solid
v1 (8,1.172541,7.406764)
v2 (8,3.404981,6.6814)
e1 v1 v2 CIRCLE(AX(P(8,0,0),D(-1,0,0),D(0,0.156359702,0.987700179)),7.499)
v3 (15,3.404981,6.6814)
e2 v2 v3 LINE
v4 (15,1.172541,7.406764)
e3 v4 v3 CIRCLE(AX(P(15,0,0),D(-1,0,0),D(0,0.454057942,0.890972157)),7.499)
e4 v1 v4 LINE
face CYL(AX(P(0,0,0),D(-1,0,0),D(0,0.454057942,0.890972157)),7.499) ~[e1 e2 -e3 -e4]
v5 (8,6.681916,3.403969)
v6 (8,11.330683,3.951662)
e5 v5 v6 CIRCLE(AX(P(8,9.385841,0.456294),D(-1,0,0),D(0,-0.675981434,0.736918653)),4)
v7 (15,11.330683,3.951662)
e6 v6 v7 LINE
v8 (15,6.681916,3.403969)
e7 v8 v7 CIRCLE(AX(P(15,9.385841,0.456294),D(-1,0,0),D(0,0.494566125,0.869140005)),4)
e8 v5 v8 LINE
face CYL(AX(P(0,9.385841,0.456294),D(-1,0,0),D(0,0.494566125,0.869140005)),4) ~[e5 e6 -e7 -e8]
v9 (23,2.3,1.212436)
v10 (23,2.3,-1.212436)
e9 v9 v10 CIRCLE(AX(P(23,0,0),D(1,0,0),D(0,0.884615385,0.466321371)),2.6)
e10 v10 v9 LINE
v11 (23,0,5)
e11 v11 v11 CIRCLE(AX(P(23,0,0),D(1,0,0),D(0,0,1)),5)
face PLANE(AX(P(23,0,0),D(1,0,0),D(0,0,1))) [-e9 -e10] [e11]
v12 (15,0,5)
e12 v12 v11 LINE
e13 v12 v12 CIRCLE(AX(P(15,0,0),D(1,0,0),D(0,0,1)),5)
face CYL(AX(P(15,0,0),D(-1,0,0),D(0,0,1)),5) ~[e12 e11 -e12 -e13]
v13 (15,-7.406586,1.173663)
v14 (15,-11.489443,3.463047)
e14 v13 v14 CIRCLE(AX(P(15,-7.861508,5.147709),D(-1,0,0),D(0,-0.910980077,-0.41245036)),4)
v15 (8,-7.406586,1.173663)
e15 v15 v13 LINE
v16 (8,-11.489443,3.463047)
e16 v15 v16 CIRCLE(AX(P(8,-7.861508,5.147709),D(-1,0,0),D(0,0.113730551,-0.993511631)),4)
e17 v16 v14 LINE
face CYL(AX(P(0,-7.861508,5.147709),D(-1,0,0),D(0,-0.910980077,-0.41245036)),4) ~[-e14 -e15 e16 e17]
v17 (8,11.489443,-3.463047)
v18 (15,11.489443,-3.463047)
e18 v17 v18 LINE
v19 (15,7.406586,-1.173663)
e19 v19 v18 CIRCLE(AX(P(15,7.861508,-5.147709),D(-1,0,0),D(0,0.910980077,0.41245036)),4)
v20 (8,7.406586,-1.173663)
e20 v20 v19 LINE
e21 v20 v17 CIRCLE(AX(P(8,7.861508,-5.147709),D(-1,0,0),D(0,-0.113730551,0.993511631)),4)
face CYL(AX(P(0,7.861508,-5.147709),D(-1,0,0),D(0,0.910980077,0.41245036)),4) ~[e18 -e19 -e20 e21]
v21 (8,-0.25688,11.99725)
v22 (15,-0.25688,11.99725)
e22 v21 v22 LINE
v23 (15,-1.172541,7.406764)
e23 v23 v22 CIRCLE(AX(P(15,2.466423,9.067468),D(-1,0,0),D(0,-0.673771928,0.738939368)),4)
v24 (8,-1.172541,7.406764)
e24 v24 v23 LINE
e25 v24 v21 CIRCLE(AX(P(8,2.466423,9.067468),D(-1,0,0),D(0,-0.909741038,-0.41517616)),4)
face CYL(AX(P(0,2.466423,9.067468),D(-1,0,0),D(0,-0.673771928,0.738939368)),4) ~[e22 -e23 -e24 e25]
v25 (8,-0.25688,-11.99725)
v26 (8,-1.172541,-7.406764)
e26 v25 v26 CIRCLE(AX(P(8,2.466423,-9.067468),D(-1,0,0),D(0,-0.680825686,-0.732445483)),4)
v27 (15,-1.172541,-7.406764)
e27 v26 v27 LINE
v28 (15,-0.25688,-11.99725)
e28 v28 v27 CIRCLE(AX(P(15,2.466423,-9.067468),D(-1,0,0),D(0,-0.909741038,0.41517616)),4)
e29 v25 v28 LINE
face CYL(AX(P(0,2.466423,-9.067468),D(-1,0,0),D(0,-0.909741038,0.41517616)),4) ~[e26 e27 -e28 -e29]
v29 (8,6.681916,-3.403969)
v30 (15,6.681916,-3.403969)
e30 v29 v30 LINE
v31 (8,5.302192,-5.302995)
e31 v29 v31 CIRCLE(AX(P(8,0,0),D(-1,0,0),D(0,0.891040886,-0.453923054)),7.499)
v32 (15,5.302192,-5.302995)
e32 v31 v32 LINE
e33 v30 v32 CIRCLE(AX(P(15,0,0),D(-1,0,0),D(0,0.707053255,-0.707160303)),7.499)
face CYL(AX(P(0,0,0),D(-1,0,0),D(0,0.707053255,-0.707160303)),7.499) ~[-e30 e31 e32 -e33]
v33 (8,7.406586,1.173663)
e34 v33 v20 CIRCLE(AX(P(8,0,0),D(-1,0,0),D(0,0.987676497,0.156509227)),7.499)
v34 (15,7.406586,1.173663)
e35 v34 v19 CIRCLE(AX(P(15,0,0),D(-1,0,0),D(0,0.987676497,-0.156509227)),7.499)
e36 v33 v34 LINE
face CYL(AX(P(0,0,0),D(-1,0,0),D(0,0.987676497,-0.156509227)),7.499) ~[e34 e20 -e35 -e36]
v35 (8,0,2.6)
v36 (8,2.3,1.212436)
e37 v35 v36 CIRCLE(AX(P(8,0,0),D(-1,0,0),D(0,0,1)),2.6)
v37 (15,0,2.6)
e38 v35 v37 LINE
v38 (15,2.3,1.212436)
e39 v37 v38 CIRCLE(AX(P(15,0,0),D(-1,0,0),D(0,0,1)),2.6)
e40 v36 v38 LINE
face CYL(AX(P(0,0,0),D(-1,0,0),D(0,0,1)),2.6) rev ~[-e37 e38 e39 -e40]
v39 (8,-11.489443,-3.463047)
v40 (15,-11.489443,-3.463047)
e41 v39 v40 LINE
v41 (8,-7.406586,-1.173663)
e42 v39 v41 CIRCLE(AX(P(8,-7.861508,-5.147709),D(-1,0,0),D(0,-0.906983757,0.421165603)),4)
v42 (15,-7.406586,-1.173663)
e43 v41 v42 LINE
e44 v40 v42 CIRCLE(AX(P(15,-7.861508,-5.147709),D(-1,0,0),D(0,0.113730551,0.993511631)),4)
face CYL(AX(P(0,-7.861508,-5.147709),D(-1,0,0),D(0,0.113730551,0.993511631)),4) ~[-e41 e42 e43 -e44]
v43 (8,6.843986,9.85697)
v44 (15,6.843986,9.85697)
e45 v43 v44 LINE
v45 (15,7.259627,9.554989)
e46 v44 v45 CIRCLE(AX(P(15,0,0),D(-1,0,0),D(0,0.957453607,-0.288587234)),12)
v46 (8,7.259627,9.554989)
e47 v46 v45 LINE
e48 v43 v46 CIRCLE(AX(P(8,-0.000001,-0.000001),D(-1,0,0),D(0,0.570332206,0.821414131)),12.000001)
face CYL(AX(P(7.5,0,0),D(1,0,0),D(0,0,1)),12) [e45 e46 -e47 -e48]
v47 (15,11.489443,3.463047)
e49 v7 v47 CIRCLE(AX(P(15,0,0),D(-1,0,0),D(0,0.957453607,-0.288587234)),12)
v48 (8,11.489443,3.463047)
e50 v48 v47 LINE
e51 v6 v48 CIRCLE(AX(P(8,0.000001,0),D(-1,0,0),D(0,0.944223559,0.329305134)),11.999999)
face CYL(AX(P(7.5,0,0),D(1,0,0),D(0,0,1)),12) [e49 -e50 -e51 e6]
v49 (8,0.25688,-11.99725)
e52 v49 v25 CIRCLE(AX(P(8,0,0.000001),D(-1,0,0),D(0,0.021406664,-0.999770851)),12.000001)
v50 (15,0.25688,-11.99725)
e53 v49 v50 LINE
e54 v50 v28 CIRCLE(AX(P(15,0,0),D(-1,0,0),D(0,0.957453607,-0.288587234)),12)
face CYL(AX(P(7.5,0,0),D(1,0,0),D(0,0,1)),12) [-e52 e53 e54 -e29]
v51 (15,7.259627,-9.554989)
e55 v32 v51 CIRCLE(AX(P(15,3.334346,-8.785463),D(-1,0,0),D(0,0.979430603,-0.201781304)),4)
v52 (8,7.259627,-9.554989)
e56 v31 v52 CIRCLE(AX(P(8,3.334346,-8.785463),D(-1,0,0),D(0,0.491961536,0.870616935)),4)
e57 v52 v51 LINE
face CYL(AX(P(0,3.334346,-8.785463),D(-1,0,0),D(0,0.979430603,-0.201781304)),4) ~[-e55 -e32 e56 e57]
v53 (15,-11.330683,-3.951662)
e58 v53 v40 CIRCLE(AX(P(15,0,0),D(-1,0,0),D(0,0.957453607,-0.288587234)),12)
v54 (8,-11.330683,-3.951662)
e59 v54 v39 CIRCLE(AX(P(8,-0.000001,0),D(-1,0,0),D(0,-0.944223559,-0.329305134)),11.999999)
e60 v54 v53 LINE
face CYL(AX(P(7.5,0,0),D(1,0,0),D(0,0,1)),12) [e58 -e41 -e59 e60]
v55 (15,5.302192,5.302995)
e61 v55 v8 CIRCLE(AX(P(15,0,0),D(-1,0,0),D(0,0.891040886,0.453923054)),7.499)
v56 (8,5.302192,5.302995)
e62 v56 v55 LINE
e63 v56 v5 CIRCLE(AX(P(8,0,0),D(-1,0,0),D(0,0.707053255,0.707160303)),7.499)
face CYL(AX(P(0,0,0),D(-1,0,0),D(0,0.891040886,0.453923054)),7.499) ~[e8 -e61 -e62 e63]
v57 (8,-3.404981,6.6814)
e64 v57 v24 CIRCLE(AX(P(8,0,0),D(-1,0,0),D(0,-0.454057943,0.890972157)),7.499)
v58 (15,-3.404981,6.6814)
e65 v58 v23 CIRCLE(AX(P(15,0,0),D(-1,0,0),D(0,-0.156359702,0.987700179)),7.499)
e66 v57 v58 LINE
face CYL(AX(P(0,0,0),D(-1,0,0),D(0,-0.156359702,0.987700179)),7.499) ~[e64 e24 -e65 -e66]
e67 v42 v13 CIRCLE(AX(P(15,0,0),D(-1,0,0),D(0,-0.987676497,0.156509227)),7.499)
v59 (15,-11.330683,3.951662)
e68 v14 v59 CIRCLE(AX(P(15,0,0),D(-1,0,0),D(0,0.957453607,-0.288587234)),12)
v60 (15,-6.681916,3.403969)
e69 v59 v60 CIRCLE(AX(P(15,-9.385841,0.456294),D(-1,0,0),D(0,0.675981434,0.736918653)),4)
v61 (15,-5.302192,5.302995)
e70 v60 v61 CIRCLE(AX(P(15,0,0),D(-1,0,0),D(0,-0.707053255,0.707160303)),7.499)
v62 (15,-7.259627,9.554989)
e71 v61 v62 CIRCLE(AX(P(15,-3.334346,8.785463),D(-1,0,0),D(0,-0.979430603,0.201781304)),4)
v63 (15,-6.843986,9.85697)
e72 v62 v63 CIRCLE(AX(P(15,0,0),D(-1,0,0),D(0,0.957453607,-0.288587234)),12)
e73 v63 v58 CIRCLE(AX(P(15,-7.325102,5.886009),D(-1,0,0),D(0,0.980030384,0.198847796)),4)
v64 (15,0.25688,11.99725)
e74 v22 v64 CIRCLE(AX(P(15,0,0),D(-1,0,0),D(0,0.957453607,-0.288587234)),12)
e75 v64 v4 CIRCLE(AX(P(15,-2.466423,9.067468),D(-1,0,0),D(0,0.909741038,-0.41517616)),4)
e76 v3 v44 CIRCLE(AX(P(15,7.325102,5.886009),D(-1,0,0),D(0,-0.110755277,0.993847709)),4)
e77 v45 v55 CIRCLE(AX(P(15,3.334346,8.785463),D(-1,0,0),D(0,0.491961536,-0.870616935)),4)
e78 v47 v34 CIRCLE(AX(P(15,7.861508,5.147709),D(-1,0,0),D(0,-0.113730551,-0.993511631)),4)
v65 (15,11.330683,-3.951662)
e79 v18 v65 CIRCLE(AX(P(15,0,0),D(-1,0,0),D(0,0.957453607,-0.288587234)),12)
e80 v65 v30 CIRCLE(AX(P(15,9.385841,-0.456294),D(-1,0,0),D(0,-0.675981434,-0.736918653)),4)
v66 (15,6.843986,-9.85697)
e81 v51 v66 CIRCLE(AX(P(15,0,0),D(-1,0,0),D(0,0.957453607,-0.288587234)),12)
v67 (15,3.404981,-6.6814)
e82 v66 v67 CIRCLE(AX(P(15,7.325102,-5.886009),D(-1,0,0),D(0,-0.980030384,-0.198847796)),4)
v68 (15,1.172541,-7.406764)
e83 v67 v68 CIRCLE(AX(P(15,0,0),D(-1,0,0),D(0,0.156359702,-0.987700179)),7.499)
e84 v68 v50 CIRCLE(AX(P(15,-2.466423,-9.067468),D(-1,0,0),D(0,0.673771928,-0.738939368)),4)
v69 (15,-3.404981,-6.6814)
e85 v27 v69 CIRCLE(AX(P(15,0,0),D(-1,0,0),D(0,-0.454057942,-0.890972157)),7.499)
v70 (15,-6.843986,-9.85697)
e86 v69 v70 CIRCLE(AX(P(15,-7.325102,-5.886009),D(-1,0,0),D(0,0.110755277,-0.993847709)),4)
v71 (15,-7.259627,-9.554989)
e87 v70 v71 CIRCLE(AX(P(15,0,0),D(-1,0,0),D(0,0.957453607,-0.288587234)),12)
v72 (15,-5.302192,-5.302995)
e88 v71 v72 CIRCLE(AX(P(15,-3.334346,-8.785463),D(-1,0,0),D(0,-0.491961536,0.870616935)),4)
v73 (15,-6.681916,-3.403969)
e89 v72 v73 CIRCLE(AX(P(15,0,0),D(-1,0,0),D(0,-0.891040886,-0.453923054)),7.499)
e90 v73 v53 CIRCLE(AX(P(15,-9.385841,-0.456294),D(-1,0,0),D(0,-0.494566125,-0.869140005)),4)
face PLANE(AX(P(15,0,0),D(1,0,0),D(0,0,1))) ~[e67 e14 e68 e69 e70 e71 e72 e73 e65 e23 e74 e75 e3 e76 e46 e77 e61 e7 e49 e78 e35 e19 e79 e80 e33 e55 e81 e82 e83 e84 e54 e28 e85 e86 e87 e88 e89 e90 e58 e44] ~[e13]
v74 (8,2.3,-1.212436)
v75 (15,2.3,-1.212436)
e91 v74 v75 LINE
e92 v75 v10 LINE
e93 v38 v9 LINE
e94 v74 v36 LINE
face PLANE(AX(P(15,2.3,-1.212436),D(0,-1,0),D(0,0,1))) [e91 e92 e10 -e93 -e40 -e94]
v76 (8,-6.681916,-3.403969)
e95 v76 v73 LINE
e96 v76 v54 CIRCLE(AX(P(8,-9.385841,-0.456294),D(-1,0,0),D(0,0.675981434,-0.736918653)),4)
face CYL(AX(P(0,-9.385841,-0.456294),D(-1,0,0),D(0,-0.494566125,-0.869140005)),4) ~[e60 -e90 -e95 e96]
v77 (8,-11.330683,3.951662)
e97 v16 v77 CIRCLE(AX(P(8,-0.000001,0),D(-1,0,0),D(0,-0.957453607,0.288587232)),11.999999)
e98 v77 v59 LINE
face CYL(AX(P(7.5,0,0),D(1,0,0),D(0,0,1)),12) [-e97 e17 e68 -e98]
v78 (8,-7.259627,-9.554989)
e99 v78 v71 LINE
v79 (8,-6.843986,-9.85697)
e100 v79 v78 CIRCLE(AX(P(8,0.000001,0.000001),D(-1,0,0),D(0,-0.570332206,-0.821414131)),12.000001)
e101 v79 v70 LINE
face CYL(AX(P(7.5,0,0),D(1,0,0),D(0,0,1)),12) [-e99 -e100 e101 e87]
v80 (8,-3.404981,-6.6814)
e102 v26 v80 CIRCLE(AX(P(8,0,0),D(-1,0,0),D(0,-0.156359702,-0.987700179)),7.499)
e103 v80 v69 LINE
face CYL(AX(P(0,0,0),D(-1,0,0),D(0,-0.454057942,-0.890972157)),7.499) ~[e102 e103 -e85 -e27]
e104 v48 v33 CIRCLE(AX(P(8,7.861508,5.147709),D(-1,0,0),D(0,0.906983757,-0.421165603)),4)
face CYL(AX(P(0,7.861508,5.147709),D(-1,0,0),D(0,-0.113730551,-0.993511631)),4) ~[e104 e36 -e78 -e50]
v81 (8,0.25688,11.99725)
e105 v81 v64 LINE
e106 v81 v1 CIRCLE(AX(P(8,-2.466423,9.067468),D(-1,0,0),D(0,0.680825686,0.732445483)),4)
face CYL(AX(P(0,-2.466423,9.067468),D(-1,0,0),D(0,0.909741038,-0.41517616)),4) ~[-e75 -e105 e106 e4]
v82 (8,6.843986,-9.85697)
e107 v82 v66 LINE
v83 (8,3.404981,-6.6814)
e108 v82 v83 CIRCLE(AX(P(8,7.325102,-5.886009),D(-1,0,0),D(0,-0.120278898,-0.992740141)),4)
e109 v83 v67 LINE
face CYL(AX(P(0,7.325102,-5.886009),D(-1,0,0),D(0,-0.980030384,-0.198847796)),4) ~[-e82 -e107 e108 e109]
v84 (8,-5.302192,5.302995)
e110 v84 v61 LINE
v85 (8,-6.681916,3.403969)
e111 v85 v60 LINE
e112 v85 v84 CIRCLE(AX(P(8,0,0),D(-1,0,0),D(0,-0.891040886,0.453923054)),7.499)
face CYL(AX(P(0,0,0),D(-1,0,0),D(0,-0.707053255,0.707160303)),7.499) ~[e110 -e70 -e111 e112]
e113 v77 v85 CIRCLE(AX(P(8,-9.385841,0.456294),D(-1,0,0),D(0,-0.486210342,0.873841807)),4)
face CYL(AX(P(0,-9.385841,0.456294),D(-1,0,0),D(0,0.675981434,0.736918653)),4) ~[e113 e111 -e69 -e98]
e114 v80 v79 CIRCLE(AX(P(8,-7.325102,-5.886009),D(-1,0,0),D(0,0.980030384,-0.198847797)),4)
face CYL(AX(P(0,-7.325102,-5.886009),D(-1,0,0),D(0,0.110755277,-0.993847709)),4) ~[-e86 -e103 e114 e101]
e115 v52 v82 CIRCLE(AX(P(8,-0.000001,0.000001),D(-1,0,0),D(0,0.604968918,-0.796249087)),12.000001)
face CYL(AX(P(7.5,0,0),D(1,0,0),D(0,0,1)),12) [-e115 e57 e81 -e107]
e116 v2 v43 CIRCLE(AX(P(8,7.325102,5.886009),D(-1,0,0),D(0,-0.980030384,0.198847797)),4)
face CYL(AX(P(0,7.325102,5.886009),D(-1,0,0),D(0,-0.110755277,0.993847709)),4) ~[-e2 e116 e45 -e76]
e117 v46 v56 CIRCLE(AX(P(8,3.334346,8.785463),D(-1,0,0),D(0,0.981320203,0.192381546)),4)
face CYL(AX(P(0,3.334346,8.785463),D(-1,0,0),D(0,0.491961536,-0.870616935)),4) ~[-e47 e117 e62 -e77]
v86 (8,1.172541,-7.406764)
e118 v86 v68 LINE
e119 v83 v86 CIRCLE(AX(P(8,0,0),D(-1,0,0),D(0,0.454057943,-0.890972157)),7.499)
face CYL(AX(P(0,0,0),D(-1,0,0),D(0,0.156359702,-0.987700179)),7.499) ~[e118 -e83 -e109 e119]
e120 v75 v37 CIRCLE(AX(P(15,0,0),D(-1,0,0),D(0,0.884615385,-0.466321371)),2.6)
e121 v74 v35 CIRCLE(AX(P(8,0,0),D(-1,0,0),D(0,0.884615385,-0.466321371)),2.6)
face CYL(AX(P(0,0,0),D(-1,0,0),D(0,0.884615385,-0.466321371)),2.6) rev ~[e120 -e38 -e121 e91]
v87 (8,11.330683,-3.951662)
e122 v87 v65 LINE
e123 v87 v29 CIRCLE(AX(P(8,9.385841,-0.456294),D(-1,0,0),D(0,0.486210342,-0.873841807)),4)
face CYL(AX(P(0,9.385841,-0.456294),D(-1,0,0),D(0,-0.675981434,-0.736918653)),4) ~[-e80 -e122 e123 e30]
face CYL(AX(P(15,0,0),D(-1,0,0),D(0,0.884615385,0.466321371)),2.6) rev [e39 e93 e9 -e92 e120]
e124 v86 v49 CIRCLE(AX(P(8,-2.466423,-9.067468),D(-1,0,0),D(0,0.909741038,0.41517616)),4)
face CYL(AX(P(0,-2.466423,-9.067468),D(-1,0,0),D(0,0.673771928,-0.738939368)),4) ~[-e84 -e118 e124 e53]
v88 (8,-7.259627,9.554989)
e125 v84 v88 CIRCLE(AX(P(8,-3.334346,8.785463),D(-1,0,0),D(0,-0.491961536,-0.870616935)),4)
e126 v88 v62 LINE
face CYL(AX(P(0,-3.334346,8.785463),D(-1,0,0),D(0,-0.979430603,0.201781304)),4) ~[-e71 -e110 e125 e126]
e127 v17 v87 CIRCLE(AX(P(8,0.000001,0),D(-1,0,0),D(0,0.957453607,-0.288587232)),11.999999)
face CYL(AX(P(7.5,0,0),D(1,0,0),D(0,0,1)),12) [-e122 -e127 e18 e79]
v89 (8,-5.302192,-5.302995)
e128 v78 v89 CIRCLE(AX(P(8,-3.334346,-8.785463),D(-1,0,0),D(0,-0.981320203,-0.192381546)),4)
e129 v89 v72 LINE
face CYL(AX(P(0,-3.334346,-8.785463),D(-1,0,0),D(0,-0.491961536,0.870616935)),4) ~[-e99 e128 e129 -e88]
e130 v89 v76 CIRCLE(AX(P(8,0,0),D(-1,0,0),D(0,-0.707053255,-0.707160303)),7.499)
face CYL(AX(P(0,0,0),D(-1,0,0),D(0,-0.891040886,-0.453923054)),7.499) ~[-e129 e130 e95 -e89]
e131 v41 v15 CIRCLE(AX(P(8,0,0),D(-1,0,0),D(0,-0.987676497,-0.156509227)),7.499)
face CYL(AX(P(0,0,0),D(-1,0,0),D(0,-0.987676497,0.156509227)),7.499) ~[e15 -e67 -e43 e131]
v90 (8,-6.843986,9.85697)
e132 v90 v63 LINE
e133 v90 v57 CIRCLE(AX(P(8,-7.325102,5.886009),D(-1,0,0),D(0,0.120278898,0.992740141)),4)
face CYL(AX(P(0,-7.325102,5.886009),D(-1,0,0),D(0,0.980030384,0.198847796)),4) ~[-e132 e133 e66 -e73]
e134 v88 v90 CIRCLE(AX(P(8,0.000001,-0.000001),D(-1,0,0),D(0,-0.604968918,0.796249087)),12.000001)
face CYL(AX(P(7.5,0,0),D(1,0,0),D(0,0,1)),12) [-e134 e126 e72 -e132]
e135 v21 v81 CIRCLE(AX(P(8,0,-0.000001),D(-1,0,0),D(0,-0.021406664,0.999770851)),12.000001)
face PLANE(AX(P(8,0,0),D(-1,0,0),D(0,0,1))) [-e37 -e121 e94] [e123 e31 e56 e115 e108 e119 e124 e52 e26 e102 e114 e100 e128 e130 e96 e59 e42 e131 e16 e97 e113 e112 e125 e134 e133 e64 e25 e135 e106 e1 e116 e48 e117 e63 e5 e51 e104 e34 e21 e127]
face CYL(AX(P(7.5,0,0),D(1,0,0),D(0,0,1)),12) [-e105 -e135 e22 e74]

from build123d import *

# Parameters (mm, degrees)
BASPROSKE_W         = 15
BASPROSKE_H         = 12
TOOTHCUT_DEPTH      = 23.649503306
TEETHCUTS_COUNT     = 10
TEETHCUTS_ANGLE     = 324
BORSKE_R            = 0.45
BORE_DEPTH          = 50.0000508
SKETCH1_R           = 0.45
CUT_EXTRUDE1_DEPTH  = 15
CUT_EXTRUDE2_DEPTH  = 8
SKETCH6_R           = 5
BOSS_EXTRUDE1_DEPTH = 8


with BuildPart() as part:
    # BasProSke → Base-Revolve (revolve)
    with BuildSketch(Plane(origin=(0, 0, 0), x_dir=(1, 0, 0), z_dir=(0, 1, 0)), mode=Mode.PRIVATE) as base_revolve_sk:
        with Locations((7.5, 6)):
            Rectangle(BASPROSKE_W, BASPROSKE_H)
    revolve(base_revolve_sk.sketch.rotate(Axis((-10, 0, 0), (1, 0, 0)), 180), axis=Axis((-10, 0, 0), (1, 0, 0)))

    # TooCutSke → ToothCut (cut, through all)
    with BuildSketch(Plane(origin=(0, 0, 0), x_dir=(0, 0, -1), z_dir=(1, 0, 0))):
        with BuildLine():
            ThreePointArc((1.173662691, 7.406586048), (0, 7.499), (-1.173662691, 7.406586048))
            ThreePointArc((-1.173662691, 7.406586048), (-1.668191438, 9.834565786), (-3.497907776, 11.50542856))
            ThreePointArc((-3.497907776, 11.50542856), (0, 12.0254), (3.497907776, 11.50542856))
            ThreePointArc((3.497907776, 11.50542856), (1.668191438, 9.834565786), (1.173662691, 7.406586048))
        make_face()
    toothcut = extrude(amount=TOOTHCUT_DEPTH, mode=Mode.SUBTRACT)

    # TeethCuts: ToothCut ×10 about axis
    teethcuts_axis = Axis((-10, 0, 0), (1, 0, 0))
    for i in range(1, TEETHCUTS_COUNT):
        add(toothcut.rotate(teethcuts_axis, i * TEETHCUTS_ANGLE / (TEETHCUTS_COUNT - 1)), mode=Mode.SUBTRACT)

    # BorSke → Bore (cut, symmetric)
    with BuildSketch(Plane(origin=(0, 0, 0), x_dir=(0, 0, -1), z_dir=(1, 0, 0))):
        with Locations(Location((0, 0, 0), (0, 0, 180))):
            Circle(BORSKE_R)
    extrude(amount=BORE_DEPTH, both=True, mode=Mode.SUBTRACT)

    # Sketch1 → Cut-Extrude1 (cut)
    with BuildSketch(Plane.ZY):
        with BuildLine():
            Line((1.212435565, 2.3), (-1.212435565, 2.3))
            ThreePointArc((-1.212435565, 2.3), (-1.343068786, -2.226244873), (2.6, 0))
            ThreePointArc((2.6, 0), (2.226244873, 1.343068786), (1.212435565, 2.3))
        make_face()
        Circle(SKETCH1_R, mode=Mode.SUBTRACT)
    extrude(amount=-CUT_EXTRUDE1_DEPTH, mode=Mode.SUBTRACT)

    # Sketch5 → Cut-Extrude2 (cut)
    with BuildSketch(Plane.ZY):
        with BuildLine():
            ThreePointArc((-7.406763642, 1.172541409), (-9.849931218, 1.456299749), (-11.997250213, 0.256880001))
            ThreePointArc((-11.997250213, 0.256880001), (-12, 0), (-11.997250213, -0.256880001))
            ThreePointArc((-11.997250213, -0.256880001), (-9.849931218, -1.456299749), (-7.406763642, -1.172541409))
            ThreePointArc((-7.406763642, -1.172541409), (-7.131972816, -2.317318441), (-6.681400207, -3.404980509))
            ThreePointArc((-6.681400207, -3.404980509), (-8.824753264, -4.61147306), (-9.856969584, -6.843986457))
            ThreePointArc((-9.856969584, -6.843986457), (-9.708203932, -7.053423028), (-9.554989032, -7.259627029))
            ThreePointArc((-9.554989032, -7.259627029), (-7.112770233, -6.967815552), (-5.302995112, -5.302192362))
            ThreePointArc((-5.302995112, -5.302192362), (-4.407801607, -6.066818441), (-3.403968986, -6.681915604))
            ThreePointArc((-3.403968986, -6.681915604), (-4.428819506, -8.917819898), (-3.9516616, -11.330682707))
            ThreePointArc((-3.9516616, -11.330682707), (-3.708203932, -11.412678196), (-3.463046803, -11.489443278))
            ThreePointArc((-3.463046803, -11.489443278), (-1.658772773, -9.817862641), (-1.173662691, -7.406586048))
            ThreePointArc((-1.173662691, -7.406586048), (0, -7.499), (1.173662691, -7.406586048))
            ThreePointArc((1.173662691, -7.406586048), (1.658772773, -9.817862641), (3.463046803, -11.489443278))
            ThreePointArc((3.463046803, -11.489443278), (3.708203932, -11.412678196), (3.9516616, -11.330682707))
            ThreePointArc((3.9516616, -11.330682707), (4.428819506, -8.917819898), (3.403968986, -6.681915604))
            ThreePointArc((3.403968986, -6.681915604), (4.407801607, -6.066818441), (5.302995112, -5.302192362))
            ThreePointArc((5.302995112, -5.302192362), (7.112770233, -6.967815552), (9.554989032, -7.259627029))
            ThreePointArc((9.554989032, -7.259627029), (9.708203932, -7.053423028), (9.856969584, -6.843986457))
            ThreePointArc((9.856969584, -6.843986457), (8.824753264, -4.61147306), (6.681400207, -3.404980509))
            ThreePointArc((6.681400207, -3.404980509), (7.131972816, -2.317318441), (7.406763642, -1.172541409))
            ThreePointArc((7.406763642, -1.172541409), (9.849931218, -1.456299749), (11.997250213, -0.256880001))
            ThreePointArc((11.997250213, -0.256880001), (12, 0), (11.997250213, 0.256880001))
            ThreePointArc((11.997250213, 0.256880001), (9.849931218, 1.456299749), (7.406763642, 1.172541409))
            ThreePointArc((7.406763642, 1.172541409), (7.131972816, 2.317318441), (6.681400207, 3.404980509))
            ThreePointArc((6.681400207, 3.404980509), (8.824753264, 4.61147306), (9.856969584, 6.843986457))
            ThreePointArc((9.856969584, 6.843986457), (9.708203932, 7.053423028), (9.554989032, 7.259627029))
            ThreePointArc((9.554989032, 7.259627029), (7.112770233, 6.967815552), (5.302995112, 5.302192362))
            ThreePointArc((5.302995112, 5.302192362), (4.407801607, 6.066818441), (3.403968986, 6.681915604))
            ThreePointArc((3.403968986, 6.681915604), (4.428819506, 8.917819898), (3.9516616, 11.330682707))
            ThreePointArc((3.9516616, 11.330682707), (3.708203932, 11.412678196), (3.463046803, 11.489443278))
            ThreePointArc((3.463046803, 11.489443278), (1.658772773, 9.817862641), (1.173662691, 7.406586048))
            ThreePointArc((1.173662691, 7.406586048), (0, 7.499), (-1.173662691, 7.406586048))
            ThreePointArc((-1.173662691, 7.406586048), (-1.658772773, 9.817862641), (-3.463046803, 11.489443278))
            ThreePointArc((-3.463046803, 11.489443278), (-3.708203932, 11.412678196), (-3.9516616, 11.330682707))
            ThreePointArc((-3.9516616, 11.330682707), (-4.428819506, 8.917819898), (-3.403968986, 6.681915604))
            ThreePointArc((-3.403968986, 6.681915604), (-4.407801607, 6.066818441), (-5.302995112, 5.302192362))
            ThreePointArc((-5.302995112, 5.302192362), (-7.112770233, 6.967815552), (-9.554989032, 7.259627029))
            ThreePointArc((-9.554989032, 7.259627029), (-9.708203932, 7.053423028), (-9.856969584, 6.843986457))
            ThreePointArc((-9.856969584, 6.843986457), (-8.824753264, 4.61147306), (-6.681400207, 3.404980509))
            ThreePointArc((-6.681400207, 3.404980509), (-7.131972816, 2.317318441), (-7.406763642, 1.172541409))
        make_face()
    extrude(amount=-CUT_EXTRUDE2_DEPTH, mode=Mode.SUBTRACT)

    # Sketch6 → Boss-Extrude1 (add)
    with BuildSketch(Plane(origin=(15, 0, 0), x_dir=(0, 0, -1), z_dir=(1, 0, 0))):
        with Locations(Location((0, 0, 0), (0, 0, 180))):
            Circle(SKETCH6_R)
        with BuildLine():
            Line((1.212435565, 2.3), (-1.212435565, 2.3))
            ThreePointArc((-1.212435565, 2.3), (0, -2.6), (1.212435565, 2.3))
        make_face(mode=Mode.SUBTRACT)
    extrude(amount=BOSS_EXTRUDE1_DEPTH)


solid = part.part
